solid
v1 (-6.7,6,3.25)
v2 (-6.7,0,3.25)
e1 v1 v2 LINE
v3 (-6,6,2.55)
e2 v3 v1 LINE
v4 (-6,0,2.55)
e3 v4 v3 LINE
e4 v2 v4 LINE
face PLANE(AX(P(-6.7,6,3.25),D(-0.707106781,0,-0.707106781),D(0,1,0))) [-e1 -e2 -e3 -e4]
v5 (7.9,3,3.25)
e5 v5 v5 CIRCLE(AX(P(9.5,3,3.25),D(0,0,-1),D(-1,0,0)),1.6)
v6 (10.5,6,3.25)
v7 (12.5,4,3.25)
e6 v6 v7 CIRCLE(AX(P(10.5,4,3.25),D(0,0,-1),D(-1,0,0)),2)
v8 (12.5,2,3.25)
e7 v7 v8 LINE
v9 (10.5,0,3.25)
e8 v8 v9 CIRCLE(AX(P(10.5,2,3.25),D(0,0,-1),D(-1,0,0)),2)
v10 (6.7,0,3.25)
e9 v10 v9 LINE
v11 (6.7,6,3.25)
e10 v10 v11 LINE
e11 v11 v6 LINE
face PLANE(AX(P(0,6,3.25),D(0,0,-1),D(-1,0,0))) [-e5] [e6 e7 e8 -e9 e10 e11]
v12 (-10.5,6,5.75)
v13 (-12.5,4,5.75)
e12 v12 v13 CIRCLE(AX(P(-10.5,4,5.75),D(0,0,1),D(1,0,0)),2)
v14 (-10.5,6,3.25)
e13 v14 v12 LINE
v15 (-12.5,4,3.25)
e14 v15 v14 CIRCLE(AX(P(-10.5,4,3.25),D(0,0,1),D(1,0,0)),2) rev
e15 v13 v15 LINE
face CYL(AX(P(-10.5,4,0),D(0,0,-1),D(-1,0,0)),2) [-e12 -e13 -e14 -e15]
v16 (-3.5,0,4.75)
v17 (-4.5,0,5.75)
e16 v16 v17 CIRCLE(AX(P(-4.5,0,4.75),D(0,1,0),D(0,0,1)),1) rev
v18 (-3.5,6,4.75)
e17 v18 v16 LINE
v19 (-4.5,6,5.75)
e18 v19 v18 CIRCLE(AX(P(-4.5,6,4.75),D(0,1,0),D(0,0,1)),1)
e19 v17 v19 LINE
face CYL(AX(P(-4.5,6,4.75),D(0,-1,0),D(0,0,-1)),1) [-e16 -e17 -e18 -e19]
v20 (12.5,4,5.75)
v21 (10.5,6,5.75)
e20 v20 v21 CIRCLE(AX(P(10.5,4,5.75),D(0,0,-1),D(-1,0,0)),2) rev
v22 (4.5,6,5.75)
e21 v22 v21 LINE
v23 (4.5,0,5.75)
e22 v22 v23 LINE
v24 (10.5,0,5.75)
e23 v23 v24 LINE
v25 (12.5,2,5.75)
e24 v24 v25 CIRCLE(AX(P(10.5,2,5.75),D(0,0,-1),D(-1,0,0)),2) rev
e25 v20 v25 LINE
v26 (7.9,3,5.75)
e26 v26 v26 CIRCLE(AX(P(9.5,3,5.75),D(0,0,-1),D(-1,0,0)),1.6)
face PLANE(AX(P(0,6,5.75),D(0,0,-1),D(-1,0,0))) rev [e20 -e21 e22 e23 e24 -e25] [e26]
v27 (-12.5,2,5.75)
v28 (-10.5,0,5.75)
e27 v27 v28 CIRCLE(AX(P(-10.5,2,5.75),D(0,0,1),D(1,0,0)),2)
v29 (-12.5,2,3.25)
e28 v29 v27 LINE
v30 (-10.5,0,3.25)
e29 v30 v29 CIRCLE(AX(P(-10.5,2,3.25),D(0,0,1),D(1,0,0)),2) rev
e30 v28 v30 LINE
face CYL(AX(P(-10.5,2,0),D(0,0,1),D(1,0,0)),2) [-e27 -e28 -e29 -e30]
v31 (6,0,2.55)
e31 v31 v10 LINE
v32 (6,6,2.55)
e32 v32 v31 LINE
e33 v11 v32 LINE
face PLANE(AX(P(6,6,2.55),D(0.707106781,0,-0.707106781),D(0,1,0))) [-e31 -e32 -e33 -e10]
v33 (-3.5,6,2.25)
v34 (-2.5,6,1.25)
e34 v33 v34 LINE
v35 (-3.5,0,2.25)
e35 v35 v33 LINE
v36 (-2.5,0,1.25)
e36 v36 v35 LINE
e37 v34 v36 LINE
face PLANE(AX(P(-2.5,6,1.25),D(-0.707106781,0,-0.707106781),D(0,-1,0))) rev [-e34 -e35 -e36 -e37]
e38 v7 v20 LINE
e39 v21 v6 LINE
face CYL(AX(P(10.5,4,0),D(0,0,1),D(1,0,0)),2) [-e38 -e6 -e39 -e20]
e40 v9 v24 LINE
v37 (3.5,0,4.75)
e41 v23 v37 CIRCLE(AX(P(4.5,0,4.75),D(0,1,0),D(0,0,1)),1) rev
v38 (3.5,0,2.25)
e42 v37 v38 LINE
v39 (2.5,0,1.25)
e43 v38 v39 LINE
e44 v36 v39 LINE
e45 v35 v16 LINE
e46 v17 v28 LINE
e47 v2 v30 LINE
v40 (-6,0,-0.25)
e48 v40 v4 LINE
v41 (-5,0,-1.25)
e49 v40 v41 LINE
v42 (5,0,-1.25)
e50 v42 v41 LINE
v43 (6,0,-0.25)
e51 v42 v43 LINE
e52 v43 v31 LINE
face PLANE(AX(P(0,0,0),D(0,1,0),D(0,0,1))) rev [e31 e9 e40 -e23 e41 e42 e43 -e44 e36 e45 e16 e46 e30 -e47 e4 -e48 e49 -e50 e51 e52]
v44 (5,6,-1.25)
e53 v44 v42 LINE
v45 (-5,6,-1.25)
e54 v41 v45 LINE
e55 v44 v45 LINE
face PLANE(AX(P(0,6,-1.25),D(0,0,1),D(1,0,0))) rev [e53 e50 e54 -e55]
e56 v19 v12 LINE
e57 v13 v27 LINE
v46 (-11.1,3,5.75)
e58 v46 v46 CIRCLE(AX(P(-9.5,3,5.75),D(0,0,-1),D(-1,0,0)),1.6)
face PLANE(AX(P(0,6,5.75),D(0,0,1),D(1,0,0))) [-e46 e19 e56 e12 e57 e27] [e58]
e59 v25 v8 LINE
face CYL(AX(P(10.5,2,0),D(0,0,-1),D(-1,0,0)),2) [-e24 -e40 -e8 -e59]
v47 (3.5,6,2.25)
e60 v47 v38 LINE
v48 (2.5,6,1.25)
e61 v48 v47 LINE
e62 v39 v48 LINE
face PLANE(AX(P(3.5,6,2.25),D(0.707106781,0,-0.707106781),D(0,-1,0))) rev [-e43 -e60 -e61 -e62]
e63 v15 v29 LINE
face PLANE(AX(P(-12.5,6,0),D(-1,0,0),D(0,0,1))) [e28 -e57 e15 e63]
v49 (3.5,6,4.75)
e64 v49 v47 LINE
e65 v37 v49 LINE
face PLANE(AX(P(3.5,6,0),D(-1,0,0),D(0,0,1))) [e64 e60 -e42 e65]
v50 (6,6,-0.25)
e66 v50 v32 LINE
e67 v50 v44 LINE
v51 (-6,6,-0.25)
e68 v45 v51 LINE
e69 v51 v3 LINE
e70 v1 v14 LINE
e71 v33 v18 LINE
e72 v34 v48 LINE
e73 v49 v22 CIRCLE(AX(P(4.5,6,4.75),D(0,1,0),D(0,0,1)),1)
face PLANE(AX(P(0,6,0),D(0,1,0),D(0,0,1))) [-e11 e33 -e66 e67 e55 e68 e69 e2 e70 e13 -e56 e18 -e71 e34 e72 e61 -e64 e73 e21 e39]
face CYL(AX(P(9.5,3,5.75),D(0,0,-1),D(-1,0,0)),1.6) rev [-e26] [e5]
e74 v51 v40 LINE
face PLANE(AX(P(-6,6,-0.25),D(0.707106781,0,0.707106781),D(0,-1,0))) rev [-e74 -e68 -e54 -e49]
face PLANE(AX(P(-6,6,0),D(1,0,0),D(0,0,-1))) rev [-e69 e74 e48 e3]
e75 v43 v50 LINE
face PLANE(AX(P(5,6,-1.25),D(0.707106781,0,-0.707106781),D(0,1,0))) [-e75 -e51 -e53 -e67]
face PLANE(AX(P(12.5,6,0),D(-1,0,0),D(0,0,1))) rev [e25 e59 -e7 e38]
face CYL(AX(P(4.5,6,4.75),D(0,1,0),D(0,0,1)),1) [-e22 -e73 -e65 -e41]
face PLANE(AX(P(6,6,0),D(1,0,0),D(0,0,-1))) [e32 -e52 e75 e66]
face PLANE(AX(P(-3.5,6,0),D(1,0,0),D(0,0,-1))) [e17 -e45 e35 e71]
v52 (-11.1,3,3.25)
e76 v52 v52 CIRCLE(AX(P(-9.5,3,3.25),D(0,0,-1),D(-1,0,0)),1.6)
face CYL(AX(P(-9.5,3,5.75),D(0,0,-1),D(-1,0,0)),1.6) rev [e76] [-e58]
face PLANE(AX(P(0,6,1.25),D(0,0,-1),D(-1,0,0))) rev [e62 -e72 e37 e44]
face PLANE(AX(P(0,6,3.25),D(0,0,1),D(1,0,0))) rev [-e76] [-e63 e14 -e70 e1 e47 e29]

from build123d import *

# Parameters (mm, degrees)
SKETCH2_W           = 6.5
SKETCH2_H           = 2.5
SKETCH2_W_2         = 7
BOSS_EXTRUDE2_DEPTH = 6
SKETCH3_R           = 1.6
CUT_EXTRUDE1_DEPTH  = 3.5
CHAMFER1_SIZE       = 1
FILLET1_R           = 2
FILLET2_R           = 1
CHAMFER2_SIZE       = 0.7


with BuildPart() as part:
    # Sketch2 → Boss-Extrude2 (new body)
    with BuildSketch(Plane(origin=(0, 0, 0), x_dir=(1, 0, 0), z_dir=(0, 1, 0))):
        with Locations((-9.25, -4.5)):
            Rectangle(SKETCH2_W, SKETCH2_H)
        Polygon((-3.5, -5.75), (-3.5, -1.25), (-3.5, 1.25), (-6, 1.25), (-6, -3.25), (-6, -5.75), align=None)
        Rectangle(SKETCH2_W_2, SKETCH2_H)
        Polygon((3.5, 1.25), (3.5, -1.25), (3.5, -5.75), (6, -5.75), (6, -3.25), (6, 1.25), align=None)
        with Locations((9.25, -4.5)):
            Rectangle(SKETCH2_W, SKETCH2_H)
    extrude(amount=BOSS_EXTRUDE2_DEPTH)

    # Sketch3 → Cut-Extrude1 (cut, through all)
    with BuildSketch(Plane(origin=(0, 0, 3.25), x_dir=(-1, 0, 0), z_dir=(0, 0, -1))):
        with Locations((-9.5, 3)):
            Circle(SKETCH3_R)
        with Locations((9.5, 3)):
            Circle(SKETCH3_R)
    extrude(amount=-CUT_EXTRUDE1_DEPTH, mode=Mode.SUBTRACT)

    # Chamfer1
    chamfer1_edges = [part.edges().sort_by_distance(p)[0] for p in [
        (-6, 3, -1.25),
        (6, 3, -1.25),
        (3.5, 3, 1.25),
        (-3.5, 3, 1.25),
    ]]
    chamfer(chamfer1_edges, length=CHAMFER1_SIZE)

    # Fillet1
    fillet1_edges = [part.edges().sort_by_distance(p)[0] for p in [
        (12.5, 0, 4.5),
        (-12.5, 0, 4.5),
        (12.5, 6, 4.5),
        (-12.5, 6, 4.5),
    ]]
    fillet(fillet1_edges, radius=FILLET1_R)

    # Fillet2
    fillet2_edges = [part.edges().sort_by_distance(p)[0] for p in [
        (3.5, 3, 5.75),
        (-3.5, 3, 5.75),
    ]]
    fillet(fillet2_edges, radius=FILLET2_R)

    # Chamfer2
    chamfer2_edges = [part.edges().sort_by_distance(p)[0] for p in [
        (-6, 3, 3.25),
        (6, 3, 3.25),
    ]]
    chamfer(chamfer2_edges, length=CHAMFER2_SIZE)


solid = part.part
